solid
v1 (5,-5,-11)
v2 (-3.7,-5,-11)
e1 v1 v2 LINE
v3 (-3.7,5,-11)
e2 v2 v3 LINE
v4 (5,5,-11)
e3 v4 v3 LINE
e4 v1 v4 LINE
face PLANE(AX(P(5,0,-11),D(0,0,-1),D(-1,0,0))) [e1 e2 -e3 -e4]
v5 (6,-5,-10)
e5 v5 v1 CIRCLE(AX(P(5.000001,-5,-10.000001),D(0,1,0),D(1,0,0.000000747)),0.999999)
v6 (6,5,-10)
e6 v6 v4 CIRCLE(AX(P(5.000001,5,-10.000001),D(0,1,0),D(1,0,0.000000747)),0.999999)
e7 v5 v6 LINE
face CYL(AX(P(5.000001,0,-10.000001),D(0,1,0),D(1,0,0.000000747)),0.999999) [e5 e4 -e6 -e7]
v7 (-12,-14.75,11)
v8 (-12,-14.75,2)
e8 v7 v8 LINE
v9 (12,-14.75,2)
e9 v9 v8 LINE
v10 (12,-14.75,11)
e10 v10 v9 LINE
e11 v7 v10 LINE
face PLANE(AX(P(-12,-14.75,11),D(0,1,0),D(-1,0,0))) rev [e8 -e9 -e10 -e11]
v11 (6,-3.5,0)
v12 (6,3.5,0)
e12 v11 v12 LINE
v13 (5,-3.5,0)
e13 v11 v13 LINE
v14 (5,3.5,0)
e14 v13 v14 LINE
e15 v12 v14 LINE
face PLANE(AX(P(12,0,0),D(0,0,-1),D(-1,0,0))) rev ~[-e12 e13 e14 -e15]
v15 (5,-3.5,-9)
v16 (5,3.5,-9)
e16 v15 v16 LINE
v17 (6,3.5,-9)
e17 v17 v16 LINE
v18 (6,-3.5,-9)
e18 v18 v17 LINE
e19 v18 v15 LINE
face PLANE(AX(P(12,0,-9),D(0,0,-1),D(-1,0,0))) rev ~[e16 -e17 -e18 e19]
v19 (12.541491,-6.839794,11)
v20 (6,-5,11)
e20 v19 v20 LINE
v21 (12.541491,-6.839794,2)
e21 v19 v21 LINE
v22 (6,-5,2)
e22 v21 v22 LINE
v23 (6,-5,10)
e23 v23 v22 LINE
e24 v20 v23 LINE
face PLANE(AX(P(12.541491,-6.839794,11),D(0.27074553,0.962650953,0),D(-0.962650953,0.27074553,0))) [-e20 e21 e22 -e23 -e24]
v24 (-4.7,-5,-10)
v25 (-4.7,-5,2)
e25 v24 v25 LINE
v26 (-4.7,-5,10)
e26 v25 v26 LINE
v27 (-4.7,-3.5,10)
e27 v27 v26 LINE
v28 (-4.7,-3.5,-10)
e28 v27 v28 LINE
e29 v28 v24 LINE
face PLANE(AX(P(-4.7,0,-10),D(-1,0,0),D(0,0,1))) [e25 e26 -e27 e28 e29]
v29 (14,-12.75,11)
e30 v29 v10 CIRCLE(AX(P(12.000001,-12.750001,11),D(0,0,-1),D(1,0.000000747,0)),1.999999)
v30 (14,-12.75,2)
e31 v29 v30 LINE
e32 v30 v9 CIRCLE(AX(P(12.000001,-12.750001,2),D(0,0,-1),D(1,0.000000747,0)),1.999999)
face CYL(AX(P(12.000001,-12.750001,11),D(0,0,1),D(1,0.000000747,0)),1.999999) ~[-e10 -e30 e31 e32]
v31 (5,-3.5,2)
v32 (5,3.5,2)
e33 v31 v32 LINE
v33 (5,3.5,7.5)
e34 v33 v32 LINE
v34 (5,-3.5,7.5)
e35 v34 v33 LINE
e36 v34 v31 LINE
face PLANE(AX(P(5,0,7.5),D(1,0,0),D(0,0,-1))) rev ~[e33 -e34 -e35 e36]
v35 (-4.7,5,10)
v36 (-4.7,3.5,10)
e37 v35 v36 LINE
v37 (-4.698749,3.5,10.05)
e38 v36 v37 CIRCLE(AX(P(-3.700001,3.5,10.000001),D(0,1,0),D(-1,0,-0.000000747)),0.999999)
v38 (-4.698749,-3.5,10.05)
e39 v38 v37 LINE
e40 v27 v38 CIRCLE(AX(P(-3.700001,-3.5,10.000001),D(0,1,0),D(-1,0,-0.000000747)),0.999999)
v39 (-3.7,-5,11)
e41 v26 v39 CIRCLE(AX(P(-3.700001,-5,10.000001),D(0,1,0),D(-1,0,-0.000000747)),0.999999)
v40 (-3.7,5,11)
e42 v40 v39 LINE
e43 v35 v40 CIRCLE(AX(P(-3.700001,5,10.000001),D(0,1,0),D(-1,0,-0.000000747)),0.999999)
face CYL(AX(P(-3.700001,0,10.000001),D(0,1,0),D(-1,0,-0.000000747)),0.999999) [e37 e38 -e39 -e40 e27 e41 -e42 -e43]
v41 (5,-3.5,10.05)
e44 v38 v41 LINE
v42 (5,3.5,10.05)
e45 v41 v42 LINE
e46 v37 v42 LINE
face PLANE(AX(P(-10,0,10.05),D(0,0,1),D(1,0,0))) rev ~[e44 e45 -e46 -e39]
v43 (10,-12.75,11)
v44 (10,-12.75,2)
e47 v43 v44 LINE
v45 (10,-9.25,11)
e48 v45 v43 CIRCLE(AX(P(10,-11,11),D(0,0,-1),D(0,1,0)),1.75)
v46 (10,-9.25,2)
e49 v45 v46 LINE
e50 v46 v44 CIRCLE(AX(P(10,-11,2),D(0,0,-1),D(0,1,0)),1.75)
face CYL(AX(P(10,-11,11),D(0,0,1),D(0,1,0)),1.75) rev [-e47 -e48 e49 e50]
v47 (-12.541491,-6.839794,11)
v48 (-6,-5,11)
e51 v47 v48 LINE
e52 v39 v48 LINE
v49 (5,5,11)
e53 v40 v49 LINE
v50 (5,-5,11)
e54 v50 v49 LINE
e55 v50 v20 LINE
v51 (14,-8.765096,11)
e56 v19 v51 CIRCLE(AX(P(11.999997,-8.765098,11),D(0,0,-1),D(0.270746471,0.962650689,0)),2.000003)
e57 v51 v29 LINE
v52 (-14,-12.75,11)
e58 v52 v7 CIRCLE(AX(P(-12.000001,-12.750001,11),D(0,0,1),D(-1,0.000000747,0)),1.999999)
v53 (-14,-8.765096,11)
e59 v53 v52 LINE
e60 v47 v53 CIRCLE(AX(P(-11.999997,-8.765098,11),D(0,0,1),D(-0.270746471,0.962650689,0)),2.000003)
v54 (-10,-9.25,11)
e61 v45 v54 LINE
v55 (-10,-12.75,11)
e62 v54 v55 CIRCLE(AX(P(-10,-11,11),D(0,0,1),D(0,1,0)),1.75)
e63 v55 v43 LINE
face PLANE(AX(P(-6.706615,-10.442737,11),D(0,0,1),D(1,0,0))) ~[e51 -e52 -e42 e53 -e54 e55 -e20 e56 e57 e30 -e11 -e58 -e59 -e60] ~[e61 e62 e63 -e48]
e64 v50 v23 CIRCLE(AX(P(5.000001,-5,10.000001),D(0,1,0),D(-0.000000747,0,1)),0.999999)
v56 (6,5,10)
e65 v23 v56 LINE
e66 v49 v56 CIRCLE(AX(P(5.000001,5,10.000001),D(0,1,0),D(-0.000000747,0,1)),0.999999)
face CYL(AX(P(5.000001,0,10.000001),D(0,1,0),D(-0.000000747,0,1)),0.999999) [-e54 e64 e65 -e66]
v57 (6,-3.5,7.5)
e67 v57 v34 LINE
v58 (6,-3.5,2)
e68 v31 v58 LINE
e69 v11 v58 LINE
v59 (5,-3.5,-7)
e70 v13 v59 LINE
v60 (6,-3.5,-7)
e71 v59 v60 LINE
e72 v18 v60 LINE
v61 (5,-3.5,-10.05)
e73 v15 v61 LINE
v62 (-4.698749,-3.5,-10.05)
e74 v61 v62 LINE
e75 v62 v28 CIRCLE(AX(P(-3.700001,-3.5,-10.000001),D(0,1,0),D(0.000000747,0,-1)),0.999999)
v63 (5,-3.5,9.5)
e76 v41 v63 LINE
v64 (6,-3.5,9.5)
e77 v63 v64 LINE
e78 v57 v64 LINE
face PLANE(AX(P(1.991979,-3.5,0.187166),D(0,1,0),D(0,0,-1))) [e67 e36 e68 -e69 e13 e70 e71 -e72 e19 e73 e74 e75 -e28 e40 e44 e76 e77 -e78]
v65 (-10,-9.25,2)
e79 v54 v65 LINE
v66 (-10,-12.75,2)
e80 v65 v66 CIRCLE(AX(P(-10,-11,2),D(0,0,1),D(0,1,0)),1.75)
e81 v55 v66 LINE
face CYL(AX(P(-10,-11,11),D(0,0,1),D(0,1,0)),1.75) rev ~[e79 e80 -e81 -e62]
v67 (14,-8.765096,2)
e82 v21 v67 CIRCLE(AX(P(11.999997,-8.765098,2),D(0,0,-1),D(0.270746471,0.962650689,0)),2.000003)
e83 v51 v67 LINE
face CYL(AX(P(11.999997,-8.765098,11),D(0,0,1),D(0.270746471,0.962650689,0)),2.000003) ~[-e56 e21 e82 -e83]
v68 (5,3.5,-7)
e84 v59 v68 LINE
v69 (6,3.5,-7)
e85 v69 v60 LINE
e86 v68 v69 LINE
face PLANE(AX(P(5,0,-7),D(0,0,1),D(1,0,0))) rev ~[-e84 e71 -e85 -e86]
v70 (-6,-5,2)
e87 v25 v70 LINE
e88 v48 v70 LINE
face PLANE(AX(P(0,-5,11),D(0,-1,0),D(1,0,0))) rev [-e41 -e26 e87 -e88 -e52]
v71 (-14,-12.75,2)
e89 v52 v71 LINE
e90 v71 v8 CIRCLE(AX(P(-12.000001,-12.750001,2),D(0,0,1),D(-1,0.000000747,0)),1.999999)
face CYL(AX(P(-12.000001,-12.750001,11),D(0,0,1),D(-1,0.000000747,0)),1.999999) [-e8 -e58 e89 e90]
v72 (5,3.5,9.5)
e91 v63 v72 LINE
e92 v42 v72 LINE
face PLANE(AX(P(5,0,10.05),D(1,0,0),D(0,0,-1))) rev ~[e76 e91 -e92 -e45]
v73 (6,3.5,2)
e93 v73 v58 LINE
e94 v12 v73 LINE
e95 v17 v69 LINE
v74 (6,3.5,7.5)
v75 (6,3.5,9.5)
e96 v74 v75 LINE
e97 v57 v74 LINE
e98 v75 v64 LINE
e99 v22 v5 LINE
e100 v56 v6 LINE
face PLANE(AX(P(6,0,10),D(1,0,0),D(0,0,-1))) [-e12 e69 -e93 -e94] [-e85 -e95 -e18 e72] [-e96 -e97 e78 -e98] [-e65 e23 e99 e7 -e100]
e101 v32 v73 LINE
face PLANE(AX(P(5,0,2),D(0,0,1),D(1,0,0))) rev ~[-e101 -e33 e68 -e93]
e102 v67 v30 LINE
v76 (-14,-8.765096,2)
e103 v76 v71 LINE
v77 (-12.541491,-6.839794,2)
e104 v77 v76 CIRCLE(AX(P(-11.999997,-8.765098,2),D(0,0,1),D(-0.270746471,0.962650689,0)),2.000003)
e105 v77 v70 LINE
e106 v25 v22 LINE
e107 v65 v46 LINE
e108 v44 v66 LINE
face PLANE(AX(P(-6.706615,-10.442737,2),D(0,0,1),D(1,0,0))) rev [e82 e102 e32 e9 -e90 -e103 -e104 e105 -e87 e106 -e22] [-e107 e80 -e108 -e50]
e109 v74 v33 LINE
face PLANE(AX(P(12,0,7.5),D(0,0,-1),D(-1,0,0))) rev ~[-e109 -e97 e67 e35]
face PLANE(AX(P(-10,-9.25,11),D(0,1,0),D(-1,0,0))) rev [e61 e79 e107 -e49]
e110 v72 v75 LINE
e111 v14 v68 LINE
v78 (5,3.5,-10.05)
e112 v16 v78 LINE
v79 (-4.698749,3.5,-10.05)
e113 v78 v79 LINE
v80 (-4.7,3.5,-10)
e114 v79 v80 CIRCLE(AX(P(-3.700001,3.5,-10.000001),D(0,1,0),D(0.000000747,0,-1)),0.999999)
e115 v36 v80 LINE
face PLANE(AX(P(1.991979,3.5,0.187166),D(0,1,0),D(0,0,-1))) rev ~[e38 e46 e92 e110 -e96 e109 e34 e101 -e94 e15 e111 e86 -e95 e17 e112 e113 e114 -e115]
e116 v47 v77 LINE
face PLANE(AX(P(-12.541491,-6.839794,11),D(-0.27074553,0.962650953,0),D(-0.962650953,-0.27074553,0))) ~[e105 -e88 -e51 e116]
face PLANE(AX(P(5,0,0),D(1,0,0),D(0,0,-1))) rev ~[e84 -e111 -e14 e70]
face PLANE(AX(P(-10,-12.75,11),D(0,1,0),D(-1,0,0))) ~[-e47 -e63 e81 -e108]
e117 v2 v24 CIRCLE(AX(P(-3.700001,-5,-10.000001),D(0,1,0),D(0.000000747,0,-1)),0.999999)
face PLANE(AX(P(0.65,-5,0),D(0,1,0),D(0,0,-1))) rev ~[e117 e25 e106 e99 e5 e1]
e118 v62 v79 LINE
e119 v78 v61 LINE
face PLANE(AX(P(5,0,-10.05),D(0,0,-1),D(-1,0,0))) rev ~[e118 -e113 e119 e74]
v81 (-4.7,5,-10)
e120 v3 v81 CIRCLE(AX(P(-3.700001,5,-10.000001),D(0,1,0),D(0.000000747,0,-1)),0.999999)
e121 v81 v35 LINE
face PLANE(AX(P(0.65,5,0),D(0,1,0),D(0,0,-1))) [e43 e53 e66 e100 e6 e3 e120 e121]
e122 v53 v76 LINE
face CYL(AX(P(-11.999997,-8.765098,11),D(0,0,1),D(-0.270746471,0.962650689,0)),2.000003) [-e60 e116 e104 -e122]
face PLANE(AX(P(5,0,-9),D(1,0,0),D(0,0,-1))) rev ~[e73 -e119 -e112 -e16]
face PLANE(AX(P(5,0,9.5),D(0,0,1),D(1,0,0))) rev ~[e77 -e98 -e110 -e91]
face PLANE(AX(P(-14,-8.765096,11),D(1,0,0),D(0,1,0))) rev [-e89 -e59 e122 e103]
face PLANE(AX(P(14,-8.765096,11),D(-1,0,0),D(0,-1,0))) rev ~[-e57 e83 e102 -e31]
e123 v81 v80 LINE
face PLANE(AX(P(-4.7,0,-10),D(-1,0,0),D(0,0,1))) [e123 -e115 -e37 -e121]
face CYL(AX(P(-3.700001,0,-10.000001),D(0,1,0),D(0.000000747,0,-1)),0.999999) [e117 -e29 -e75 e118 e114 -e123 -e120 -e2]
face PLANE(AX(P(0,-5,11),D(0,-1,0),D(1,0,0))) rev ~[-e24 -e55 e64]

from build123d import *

# Parameters (mm, degrees)
PAD120_DEPTH            = 5
POCKET099_DEPTH         = 3.5
PAD124_DEPTH            = 9
BODY087_PITCH_ANGLE     = 90
BODY087_PLACEMENT_ANGLE = 90


with BuildPart() as part:
    # Sketch244 → Pad120 (new body, symmetric)
    with BuildSketch(Plane.XY):
        with BuildLine():
            Line((-11, 3.7), (-11, -5))
            ThreePointArc((-11, -5), (-10.707107, -5.707107), (-10, -6))
            Line((-10, -6), (10, -6))
            ThreePointArc((10, -6), (10.707107, -5.707107), (11, -5))
            Line((11, -5), (11, 3.7))
            ThreePointArc((11, 3.7), (10.707107, 4.407107), (10, 4.7))
            Line((10, 4.7), (-10, 4.7))
            ThreePointArc((-10, 4.7), (-10.707107, 4.407107), (-11, 3.7))
        make_face()
    extrude(amount=PAD120_DEPTH, both=True)

    # Sketch245 → Pocket099 (cut, symmetric)
    with BuildSketch(Plane.XY):
        Polygon((-10.05, 10), (-10.05, -5), (-9.5, -5), (-9.5, -12), (-7.5, -12), (-7.5, -5), (-2, -5), (-2, -12), (0, -12), (0, -5), (7, -5), (7, -12), (9, -12), (9, -5), (10.05, -5), (10.05, 10), align=None)
    extrude(amount=POCKET099_DEPTH, both=True, mode=Mode.SUBTRACT)

    # Sketch253 (on Face1 of Pocket099) → Pad124 (join)
    with BuildSketch(Plane.YZ.offset(-11)):
        with BuildLine():
            ThreePointArc((-10, -9.25), (-11.75, -11), (-10, -12.75))
            Line((-10, -12.75), (0, -12.75))
            Line((0, -14.75), (0, -12.75))
            Line((-12, -14.75), (0, -14.75))
            ThreePointArc((-14, -12.75), (-13.414214, -14.164214), (-12, -14.75))
            Line((-14, -8.765096), (-14, -12.75))
            ThreePointArc((-12.541491, -6.839794), (-13.594205, -7.557409), (-14, -8.765096))
            Line((-12.541491, -6.839794), (-6, -5))
            Line((0, -5), (-6, -5))
            Line((0, -9.25), (0, -5))
            Line((-10, -9.25), (0, -9.25))
        make_face()
    pad124 = extrude(amount=PAD124_DEPTH)

    # Mirrored012: Pad124 across Sketch253 V_Axis
    add(pad124.mirror(Plane(origin=(-11, 0, 0), x_dir=(1, 0, 0), z_dir=(0, 1, 0))))


with BuildPart() as part_1:
    # Body087 pitch: moved
    add(part.part.rotate(Axis((0, 0, 0), (0, 1, 0)), BODY087_PITCH_ANGLE))


with BuildPart() as part_2:
    # Body087 placement: moved
    add(part_1.part.moved(Location((0, 0, 0))).rotate(Axis((0, 0, 0), (0, 0, 1)), BODY087_PLACEMENT_ANGLE))


solid = part_2.part
